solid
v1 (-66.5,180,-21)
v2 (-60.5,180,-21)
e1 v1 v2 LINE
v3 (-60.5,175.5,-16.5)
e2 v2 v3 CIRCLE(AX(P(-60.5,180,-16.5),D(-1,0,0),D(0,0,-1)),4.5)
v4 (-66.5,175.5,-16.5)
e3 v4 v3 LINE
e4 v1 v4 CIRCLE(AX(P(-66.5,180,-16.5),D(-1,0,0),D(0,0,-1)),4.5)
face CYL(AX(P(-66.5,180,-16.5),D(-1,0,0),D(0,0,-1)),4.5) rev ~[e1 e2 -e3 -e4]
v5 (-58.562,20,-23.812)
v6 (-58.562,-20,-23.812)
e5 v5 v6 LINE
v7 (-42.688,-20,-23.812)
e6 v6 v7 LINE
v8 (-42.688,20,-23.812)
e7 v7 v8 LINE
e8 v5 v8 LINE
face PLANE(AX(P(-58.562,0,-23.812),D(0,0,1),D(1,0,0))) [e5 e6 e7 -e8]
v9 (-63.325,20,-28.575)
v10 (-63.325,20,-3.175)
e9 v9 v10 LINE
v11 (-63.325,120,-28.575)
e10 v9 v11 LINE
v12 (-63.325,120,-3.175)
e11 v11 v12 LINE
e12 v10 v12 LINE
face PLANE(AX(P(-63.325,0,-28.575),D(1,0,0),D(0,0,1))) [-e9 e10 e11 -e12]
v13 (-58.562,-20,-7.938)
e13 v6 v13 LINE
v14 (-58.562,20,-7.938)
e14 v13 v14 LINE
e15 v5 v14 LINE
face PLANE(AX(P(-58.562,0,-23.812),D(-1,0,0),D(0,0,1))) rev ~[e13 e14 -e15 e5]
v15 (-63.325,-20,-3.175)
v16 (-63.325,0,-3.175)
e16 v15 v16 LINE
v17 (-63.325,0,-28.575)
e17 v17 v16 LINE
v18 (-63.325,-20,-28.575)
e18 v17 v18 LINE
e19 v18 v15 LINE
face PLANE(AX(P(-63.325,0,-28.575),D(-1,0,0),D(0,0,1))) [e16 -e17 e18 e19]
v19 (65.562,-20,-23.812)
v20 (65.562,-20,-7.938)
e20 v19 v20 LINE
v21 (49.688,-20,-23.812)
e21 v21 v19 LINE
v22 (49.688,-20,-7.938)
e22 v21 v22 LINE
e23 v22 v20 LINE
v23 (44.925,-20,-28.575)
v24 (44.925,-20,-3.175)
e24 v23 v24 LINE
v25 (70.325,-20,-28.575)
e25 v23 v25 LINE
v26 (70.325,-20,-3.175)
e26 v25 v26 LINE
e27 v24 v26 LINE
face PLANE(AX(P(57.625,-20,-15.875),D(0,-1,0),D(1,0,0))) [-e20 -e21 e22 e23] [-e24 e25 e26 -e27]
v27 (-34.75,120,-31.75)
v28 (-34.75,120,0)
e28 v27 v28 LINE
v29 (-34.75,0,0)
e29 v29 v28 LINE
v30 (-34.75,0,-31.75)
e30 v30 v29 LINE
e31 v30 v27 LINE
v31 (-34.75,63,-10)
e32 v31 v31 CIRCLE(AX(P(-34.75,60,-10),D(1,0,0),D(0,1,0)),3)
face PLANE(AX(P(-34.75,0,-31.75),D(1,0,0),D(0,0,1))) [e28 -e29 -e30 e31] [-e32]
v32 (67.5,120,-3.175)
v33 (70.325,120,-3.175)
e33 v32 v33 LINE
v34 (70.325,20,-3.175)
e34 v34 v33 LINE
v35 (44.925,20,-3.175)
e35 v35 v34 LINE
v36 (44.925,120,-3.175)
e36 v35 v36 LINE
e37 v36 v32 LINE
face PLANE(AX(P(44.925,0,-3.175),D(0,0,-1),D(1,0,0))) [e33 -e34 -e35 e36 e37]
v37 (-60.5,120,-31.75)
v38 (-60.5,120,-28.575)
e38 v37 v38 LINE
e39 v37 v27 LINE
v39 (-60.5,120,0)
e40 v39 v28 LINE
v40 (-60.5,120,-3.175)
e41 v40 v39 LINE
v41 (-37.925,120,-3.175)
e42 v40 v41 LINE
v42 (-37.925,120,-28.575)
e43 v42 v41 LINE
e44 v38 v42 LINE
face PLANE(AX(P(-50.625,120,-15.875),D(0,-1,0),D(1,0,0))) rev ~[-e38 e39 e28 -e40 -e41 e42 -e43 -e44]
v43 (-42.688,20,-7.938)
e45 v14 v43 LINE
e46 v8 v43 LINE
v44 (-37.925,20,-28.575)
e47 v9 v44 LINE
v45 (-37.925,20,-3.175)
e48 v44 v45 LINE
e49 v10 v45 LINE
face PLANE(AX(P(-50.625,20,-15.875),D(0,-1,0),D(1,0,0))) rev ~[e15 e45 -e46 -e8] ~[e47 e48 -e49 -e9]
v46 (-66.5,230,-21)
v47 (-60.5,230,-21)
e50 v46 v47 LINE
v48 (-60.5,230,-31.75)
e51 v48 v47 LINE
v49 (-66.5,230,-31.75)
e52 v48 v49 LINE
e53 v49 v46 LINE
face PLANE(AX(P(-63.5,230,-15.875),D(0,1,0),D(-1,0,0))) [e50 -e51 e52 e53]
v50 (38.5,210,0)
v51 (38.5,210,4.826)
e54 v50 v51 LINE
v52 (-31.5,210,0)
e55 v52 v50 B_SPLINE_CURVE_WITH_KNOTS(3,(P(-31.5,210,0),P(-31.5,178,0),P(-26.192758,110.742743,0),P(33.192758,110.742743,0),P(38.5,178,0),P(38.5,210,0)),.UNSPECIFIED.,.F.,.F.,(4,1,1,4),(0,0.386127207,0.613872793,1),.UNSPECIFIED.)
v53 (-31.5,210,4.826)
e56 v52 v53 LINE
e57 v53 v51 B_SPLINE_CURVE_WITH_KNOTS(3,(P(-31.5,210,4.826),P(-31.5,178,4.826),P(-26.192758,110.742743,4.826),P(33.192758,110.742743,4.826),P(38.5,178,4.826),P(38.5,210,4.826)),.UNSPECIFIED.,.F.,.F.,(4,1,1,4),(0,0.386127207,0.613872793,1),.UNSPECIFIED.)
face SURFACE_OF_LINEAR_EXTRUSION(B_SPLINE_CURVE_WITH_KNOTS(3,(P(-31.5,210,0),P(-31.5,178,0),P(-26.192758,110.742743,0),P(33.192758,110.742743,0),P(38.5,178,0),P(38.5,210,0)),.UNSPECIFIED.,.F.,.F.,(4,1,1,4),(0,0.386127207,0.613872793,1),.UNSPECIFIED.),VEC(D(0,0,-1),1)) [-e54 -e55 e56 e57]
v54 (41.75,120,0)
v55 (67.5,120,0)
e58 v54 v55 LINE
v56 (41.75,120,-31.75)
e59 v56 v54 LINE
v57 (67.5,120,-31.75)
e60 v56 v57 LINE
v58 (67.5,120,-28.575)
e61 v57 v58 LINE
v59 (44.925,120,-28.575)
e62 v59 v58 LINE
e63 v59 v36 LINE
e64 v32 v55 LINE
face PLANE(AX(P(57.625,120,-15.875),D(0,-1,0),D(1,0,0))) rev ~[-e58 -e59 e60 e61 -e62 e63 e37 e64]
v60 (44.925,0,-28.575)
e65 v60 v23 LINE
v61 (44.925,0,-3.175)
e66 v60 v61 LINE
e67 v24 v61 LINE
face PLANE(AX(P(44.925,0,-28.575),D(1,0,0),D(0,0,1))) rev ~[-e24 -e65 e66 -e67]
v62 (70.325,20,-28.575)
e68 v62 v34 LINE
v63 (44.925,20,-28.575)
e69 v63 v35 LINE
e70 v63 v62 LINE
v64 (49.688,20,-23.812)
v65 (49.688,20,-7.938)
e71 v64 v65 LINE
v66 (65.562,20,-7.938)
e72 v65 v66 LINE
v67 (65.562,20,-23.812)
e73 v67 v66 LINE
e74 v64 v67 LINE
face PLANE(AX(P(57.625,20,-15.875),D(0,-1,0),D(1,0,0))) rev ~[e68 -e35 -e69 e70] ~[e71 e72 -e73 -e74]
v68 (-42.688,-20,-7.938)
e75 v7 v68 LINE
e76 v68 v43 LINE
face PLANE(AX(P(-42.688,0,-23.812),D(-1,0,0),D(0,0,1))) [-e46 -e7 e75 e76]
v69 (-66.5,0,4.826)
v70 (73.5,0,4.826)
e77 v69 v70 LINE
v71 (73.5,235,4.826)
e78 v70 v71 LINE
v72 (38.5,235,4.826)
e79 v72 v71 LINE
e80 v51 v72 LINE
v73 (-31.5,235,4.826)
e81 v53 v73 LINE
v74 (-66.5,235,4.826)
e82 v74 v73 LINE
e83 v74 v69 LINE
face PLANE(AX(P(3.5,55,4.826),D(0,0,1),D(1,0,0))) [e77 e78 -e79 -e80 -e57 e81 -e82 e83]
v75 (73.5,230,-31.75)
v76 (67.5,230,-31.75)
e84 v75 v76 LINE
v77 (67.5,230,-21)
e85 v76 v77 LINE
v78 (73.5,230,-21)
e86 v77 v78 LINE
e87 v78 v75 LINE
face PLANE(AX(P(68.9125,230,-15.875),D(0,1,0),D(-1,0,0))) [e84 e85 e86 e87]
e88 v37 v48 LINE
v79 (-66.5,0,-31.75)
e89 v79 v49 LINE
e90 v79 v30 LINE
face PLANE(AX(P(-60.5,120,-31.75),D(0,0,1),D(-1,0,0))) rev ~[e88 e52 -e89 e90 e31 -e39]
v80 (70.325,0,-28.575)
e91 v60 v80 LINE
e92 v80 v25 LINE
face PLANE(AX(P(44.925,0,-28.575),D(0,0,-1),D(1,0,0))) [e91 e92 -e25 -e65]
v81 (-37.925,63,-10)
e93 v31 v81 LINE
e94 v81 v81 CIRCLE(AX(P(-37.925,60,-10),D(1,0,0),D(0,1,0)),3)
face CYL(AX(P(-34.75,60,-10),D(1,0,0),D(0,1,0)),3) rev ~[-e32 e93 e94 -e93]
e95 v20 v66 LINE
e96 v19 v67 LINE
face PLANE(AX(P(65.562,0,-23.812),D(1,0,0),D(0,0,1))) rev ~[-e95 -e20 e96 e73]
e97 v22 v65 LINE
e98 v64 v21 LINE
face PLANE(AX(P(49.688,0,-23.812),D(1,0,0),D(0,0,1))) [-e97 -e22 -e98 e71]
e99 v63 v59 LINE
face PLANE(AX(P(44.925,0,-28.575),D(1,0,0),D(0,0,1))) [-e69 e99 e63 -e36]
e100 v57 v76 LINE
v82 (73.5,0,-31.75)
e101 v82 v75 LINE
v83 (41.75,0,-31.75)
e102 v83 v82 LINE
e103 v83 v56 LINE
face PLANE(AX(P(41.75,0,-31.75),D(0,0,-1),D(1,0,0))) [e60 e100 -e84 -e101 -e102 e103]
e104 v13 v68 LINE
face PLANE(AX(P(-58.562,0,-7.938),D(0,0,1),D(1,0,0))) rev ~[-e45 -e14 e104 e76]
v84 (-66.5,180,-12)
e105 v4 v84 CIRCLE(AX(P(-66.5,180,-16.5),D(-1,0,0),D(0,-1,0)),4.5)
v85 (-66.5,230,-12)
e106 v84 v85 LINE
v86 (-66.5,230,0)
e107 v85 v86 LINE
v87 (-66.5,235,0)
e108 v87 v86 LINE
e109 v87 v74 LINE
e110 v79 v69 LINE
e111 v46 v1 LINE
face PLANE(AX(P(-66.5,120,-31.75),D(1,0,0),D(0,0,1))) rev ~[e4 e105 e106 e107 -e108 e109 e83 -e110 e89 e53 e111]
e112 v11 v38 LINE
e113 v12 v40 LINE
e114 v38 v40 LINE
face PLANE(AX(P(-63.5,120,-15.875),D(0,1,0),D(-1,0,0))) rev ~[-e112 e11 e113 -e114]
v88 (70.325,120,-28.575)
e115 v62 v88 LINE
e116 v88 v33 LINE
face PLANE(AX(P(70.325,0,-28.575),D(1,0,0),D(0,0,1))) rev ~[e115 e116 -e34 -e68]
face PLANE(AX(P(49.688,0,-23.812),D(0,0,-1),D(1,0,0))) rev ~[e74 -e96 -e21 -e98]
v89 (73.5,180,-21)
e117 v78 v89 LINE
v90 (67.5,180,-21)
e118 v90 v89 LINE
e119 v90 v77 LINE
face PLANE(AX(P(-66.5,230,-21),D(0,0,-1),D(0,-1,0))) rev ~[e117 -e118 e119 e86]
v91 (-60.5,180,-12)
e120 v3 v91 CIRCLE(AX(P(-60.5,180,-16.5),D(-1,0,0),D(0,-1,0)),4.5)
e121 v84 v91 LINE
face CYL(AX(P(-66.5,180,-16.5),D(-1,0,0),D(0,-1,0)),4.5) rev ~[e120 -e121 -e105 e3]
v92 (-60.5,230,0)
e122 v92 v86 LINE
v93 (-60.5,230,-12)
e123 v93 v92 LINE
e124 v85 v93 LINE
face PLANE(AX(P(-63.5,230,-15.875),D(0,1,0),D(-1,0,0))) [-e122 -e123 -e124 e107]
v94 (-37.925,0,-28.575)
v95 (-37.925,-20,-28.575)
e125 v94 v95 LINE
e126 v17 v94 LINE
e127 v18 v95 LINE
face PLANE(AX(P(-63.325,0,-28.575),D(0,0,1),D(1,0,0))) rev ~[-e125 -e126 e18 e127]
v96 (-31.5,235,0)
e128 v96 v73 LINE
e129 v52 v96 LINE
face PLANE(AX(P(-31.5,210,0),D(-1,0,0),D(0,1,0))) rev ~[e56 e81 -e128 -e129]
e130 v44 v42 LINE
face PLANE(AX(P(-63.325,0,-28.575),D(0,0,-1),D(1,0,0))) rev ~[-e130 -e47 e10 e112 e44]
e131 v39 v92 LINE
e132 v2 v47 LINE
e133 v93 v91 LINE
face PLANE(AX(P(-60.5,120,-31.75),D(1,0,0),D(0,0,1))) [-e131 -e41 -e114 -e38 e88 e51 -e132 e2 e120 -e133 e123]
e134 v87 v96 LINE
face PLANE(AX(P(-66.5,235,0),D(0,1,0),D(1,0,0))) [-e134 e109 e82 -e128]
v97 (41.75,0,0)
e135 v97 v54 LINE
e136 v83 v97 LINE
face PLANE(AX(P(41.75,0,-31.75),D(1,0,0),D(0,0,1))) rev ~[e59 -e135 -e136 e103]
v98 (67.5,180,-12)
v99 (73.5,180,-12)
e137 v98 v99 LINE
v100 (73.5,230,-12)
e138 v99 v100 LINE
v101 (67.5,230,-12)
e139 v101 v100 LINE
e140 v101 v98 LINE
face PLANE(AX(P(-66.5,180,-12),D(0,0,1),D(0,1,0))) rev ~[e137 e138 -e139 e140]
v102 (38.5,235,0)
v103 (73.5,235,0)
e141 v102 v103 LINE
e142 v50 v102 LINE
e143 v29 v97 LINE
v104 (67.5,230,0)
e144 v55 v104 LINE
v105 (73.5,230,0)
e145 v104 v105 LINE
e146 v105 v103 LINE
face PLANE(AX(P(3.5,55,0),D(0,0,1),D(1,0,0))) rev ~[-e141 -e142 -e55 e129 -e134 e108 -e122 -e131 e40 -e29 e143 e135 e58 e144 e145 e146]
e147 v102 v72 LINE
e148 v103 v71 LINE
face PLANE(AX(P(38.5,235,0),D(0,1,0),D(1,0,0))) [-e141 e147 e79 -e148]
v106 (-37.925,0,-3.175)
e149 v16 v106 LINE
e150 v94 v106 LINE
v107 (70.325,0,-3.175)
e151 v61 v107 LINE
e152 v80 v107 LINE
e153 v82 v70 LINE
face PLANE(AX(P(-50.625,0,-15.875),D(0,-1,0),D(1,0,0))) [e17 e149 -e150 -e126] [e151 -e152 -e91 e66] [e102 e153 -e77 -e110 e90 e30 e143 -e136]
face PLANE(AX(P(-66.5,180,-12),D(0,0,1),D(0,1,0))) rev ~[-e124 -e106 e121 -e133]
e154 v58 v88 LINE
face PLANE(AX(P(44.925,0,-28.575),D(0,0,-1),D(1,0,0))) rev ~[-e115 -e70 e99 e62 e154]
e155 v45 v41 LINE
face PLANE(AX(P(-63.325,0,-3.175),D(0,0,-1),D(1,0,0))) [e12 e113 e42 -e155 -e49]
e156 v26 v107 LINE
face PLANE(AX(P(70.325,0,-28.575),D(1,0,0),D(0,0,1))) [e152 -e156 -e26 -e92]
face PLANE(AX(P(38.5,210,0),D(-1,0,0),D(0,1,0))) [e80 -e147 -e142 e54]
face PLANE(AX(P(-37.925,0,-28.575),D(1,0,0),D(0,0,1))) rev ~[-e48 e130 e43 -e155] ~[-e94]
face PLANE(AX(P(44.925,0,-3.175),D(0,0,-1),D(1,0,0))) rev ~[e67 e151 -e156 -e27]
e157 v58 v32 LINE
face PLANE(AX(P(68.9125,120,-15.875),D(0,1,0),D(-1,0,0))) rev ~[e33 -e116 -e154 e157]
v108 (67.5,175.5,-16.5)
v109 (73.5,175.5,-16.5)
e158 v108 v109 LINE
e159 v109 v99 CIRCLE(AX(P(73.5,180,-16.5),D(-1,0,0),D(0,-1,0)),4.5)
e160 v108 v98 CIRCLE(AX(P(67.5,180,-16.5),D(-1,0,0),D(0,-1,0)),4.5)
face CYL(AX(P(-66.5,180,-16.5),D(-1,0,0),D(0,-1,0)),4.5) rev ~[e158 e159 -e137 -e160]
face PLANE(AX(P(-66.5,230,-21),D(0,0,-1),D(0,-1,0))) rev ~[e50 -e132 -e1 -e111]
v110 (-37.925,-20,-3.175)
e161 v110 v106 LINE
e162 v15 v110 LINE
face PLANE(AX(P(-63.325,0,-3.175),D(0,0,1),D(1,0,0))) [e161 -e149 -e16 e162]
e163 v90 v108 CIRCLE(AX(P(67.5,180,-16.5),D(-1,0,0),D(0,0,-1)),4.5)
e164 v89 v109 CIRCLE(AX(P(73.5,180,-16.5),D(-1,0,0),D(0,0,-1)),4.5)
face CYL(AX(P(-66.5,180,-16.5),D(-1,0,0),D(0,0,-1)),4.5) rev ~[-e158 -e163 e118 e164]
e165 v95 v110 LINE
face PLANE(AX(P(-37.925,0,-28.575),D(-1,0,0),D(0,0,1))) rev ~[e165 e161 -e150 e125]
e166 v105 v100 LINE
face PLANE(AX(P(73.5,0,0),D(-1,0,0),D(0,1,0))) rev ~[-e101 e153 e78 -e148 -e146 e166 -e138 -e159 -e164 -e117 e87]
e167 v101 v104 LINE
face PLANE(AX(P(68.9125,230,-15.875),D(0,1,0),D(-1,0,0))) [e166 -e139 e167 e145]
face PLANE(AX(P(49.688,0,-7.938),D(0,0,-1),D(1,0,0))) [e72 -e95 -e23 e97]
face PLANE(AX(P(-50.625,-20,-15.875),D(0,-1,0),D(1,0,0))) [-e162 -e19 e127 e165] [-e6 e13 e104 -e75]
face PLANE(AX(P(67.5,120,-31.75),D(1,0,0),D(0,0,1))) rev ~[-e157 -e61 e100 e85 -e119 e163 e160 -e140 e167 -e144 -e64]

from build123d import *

# Parameters (mm, degrees)
F0_W      = 140
F0_H      = 110
F0_W_2    = 35
F0_H_2    = 25
F1_DEPTH  = 4.826
F2_W      = 31.75
F2_H      = 31.75
F2_W_2    = 25.4
F2_H_2    = 25.4
F3_DEPTH  = 120
F4_W      = 6
F4_H      = 31.75
F4_W_2    = 2.825
F4_H_2    = 25.4
F5_DEPTH  = 110
F6_R      = 3
F7_DEPTH  = 10
F8_W      = 25.4
F8_H      = 25.4
F8_W_2    = 15.874
F8_H_2    = 15.874
F9_DEPTH  = 20
F11_DEPTH = 152


with BuildPart() as f1:
    # F0 (on Top) → F1 (new body)
    with BuildSketch(Plane.XY):
        with Locations((3.5, 55)):
            Rectangle(F0_W, F0_H)
        with BuildLine():
            Line((-66.5, 210), (-66.5, 110))
            Line((-66.5, 110), (73.5, 110))
            Line((73.5, 110), (73.5, 210))
            Line((73.5, 210), (38.5, 210))
            add(Edge.make_bspline(
                [(-31.5, 210), (-31.5, 178), (-26.1927577262, 110.7427430843), (33.1927577262, 110.7427430843), (38.5, 178), (38.5, 210)],
                knots=[0, 0, 0, 0, 0.3861272069, 0.6138727931, 1, 1, 1, 1], degree=3))
            Line((-31.5, 210), (-66.5, 210))
        make_face()
        with Locations((-49, 222.5)):
            Rectangle(F0_W_2, F0_H_2)
        with Locations((56, 222.5)):
            Rectangle(F0_W_2, F0_H_2)
    extrude(amount=F1_DEPTH)

    # F2 (on face) → F3 (join)
    with BuildSketch(Plane.XZ):
        with Locations((-50.625, -15.875)):
            Rectangle(F2_W, F2_H)
        with Locations((-50.625, -15.875)):
            Rectangle(F2_W_2, F2_H_2, mode=Mode.SUBTRACT)
        with Locations((57.625, -15.875)):
            Rectangle(F2_W, F2_H)
        with Locations((57.625, -15.875)):
            Rectangle(F2_W_2, F2_H_2, mode=Mode.SUBTRACT)
    extrude(amount=-F3_DEPTH)

    # F4 (on face) → F5 (join)
    with BuildSketch(Plane(origin=(0, 120, 0), x_dir=(-1, 0, 0), z_dir=(0, 1, 0))):
        with Locations((63.5, -15.875)):
            Rectangle(F4_W, F4_H)
        with Locations((-68.9125, -15.875)):
            Rectangle(F4_W_2, F4_H_2)
        Polygon((-67.5, 0), (-73.5, 0), (-73.5, -31.75), (-70.325, -31.75), (-67.5, -31.75), (-67.5, -28.575), (-70.325, -28.575), (-70.325, -3.175), (-67.5, -3.175), align=None)
    extrude(amount=F5_DEPTH)

    # F6 (on face) → F7 (cut)
    with BuildSketch(Plane.YZ.offset(-34.75)):
        with Locations((60, -10)):
            Circle(F6_R)
    extrude(amount=-F7_DEPTH, mode=Mode.SUBTRACT)

    # F8 (on face) → F9 (join, symmetric)
    with BuildSketch(Plane.XZ):
        with Locations((-50.625, -15.875)):
            Rectangle(F8_W, F8_H)
        with Locations((-50.625, -15.875)):
            Rectangle(F8_W_2, F8_H_2, mode=Mode.SUBTRACT)
        with Locations((57.625, -15.875)):
            Rectangle(F8_W, F8_H)
        with Locations((57.625, -15.875)):
            Rectangle(F8_W_2, F8_H_2, mode=Mode.SUBTRACT)
    extrude(amount=F9_DEPTH, both=True)

    # F10 (on face) → F11 (cut)
    with BuildSketch(Plane(origin=(-66.5, 0, 0), x_dir=(0, -1, 0), z_dir=(-1, 0, 0))):
        with BuildLine():
            ThreePointArc((-180, -21), (-176.8180194847, -19.6819805153), (-175.5, -16.5))
            ThreePointArc((-175.5, -16.5), (-176.8180194847, -13.3180194847), (-180, -12))
            Line((-180, -12), (-180, -16.5))
            Line((-180, -16.5), (-180, -21))
        make_face()
        with BuildLine():
            Line((-180, -16.5), (-180, -12))
            ThreePointArc((-180, -12), (-184.5, -16.5), (-180, -21))
            Line((-180, -21), (-180, -16.5))
        make_face()
        with BuildLine():
            ThreePointArc((-180, -21), (-184.5, -16.5), (-180, -12))
            Line((-180, -12), (-230, -12))
            Line((-230, -12), (-230, -21))
            Line((-230, -21), (-180, -21))
        make_face()
    extrude(amount=-F11_DEPTH, mode=Mode.SUBTRACT)


solid = f1.part
